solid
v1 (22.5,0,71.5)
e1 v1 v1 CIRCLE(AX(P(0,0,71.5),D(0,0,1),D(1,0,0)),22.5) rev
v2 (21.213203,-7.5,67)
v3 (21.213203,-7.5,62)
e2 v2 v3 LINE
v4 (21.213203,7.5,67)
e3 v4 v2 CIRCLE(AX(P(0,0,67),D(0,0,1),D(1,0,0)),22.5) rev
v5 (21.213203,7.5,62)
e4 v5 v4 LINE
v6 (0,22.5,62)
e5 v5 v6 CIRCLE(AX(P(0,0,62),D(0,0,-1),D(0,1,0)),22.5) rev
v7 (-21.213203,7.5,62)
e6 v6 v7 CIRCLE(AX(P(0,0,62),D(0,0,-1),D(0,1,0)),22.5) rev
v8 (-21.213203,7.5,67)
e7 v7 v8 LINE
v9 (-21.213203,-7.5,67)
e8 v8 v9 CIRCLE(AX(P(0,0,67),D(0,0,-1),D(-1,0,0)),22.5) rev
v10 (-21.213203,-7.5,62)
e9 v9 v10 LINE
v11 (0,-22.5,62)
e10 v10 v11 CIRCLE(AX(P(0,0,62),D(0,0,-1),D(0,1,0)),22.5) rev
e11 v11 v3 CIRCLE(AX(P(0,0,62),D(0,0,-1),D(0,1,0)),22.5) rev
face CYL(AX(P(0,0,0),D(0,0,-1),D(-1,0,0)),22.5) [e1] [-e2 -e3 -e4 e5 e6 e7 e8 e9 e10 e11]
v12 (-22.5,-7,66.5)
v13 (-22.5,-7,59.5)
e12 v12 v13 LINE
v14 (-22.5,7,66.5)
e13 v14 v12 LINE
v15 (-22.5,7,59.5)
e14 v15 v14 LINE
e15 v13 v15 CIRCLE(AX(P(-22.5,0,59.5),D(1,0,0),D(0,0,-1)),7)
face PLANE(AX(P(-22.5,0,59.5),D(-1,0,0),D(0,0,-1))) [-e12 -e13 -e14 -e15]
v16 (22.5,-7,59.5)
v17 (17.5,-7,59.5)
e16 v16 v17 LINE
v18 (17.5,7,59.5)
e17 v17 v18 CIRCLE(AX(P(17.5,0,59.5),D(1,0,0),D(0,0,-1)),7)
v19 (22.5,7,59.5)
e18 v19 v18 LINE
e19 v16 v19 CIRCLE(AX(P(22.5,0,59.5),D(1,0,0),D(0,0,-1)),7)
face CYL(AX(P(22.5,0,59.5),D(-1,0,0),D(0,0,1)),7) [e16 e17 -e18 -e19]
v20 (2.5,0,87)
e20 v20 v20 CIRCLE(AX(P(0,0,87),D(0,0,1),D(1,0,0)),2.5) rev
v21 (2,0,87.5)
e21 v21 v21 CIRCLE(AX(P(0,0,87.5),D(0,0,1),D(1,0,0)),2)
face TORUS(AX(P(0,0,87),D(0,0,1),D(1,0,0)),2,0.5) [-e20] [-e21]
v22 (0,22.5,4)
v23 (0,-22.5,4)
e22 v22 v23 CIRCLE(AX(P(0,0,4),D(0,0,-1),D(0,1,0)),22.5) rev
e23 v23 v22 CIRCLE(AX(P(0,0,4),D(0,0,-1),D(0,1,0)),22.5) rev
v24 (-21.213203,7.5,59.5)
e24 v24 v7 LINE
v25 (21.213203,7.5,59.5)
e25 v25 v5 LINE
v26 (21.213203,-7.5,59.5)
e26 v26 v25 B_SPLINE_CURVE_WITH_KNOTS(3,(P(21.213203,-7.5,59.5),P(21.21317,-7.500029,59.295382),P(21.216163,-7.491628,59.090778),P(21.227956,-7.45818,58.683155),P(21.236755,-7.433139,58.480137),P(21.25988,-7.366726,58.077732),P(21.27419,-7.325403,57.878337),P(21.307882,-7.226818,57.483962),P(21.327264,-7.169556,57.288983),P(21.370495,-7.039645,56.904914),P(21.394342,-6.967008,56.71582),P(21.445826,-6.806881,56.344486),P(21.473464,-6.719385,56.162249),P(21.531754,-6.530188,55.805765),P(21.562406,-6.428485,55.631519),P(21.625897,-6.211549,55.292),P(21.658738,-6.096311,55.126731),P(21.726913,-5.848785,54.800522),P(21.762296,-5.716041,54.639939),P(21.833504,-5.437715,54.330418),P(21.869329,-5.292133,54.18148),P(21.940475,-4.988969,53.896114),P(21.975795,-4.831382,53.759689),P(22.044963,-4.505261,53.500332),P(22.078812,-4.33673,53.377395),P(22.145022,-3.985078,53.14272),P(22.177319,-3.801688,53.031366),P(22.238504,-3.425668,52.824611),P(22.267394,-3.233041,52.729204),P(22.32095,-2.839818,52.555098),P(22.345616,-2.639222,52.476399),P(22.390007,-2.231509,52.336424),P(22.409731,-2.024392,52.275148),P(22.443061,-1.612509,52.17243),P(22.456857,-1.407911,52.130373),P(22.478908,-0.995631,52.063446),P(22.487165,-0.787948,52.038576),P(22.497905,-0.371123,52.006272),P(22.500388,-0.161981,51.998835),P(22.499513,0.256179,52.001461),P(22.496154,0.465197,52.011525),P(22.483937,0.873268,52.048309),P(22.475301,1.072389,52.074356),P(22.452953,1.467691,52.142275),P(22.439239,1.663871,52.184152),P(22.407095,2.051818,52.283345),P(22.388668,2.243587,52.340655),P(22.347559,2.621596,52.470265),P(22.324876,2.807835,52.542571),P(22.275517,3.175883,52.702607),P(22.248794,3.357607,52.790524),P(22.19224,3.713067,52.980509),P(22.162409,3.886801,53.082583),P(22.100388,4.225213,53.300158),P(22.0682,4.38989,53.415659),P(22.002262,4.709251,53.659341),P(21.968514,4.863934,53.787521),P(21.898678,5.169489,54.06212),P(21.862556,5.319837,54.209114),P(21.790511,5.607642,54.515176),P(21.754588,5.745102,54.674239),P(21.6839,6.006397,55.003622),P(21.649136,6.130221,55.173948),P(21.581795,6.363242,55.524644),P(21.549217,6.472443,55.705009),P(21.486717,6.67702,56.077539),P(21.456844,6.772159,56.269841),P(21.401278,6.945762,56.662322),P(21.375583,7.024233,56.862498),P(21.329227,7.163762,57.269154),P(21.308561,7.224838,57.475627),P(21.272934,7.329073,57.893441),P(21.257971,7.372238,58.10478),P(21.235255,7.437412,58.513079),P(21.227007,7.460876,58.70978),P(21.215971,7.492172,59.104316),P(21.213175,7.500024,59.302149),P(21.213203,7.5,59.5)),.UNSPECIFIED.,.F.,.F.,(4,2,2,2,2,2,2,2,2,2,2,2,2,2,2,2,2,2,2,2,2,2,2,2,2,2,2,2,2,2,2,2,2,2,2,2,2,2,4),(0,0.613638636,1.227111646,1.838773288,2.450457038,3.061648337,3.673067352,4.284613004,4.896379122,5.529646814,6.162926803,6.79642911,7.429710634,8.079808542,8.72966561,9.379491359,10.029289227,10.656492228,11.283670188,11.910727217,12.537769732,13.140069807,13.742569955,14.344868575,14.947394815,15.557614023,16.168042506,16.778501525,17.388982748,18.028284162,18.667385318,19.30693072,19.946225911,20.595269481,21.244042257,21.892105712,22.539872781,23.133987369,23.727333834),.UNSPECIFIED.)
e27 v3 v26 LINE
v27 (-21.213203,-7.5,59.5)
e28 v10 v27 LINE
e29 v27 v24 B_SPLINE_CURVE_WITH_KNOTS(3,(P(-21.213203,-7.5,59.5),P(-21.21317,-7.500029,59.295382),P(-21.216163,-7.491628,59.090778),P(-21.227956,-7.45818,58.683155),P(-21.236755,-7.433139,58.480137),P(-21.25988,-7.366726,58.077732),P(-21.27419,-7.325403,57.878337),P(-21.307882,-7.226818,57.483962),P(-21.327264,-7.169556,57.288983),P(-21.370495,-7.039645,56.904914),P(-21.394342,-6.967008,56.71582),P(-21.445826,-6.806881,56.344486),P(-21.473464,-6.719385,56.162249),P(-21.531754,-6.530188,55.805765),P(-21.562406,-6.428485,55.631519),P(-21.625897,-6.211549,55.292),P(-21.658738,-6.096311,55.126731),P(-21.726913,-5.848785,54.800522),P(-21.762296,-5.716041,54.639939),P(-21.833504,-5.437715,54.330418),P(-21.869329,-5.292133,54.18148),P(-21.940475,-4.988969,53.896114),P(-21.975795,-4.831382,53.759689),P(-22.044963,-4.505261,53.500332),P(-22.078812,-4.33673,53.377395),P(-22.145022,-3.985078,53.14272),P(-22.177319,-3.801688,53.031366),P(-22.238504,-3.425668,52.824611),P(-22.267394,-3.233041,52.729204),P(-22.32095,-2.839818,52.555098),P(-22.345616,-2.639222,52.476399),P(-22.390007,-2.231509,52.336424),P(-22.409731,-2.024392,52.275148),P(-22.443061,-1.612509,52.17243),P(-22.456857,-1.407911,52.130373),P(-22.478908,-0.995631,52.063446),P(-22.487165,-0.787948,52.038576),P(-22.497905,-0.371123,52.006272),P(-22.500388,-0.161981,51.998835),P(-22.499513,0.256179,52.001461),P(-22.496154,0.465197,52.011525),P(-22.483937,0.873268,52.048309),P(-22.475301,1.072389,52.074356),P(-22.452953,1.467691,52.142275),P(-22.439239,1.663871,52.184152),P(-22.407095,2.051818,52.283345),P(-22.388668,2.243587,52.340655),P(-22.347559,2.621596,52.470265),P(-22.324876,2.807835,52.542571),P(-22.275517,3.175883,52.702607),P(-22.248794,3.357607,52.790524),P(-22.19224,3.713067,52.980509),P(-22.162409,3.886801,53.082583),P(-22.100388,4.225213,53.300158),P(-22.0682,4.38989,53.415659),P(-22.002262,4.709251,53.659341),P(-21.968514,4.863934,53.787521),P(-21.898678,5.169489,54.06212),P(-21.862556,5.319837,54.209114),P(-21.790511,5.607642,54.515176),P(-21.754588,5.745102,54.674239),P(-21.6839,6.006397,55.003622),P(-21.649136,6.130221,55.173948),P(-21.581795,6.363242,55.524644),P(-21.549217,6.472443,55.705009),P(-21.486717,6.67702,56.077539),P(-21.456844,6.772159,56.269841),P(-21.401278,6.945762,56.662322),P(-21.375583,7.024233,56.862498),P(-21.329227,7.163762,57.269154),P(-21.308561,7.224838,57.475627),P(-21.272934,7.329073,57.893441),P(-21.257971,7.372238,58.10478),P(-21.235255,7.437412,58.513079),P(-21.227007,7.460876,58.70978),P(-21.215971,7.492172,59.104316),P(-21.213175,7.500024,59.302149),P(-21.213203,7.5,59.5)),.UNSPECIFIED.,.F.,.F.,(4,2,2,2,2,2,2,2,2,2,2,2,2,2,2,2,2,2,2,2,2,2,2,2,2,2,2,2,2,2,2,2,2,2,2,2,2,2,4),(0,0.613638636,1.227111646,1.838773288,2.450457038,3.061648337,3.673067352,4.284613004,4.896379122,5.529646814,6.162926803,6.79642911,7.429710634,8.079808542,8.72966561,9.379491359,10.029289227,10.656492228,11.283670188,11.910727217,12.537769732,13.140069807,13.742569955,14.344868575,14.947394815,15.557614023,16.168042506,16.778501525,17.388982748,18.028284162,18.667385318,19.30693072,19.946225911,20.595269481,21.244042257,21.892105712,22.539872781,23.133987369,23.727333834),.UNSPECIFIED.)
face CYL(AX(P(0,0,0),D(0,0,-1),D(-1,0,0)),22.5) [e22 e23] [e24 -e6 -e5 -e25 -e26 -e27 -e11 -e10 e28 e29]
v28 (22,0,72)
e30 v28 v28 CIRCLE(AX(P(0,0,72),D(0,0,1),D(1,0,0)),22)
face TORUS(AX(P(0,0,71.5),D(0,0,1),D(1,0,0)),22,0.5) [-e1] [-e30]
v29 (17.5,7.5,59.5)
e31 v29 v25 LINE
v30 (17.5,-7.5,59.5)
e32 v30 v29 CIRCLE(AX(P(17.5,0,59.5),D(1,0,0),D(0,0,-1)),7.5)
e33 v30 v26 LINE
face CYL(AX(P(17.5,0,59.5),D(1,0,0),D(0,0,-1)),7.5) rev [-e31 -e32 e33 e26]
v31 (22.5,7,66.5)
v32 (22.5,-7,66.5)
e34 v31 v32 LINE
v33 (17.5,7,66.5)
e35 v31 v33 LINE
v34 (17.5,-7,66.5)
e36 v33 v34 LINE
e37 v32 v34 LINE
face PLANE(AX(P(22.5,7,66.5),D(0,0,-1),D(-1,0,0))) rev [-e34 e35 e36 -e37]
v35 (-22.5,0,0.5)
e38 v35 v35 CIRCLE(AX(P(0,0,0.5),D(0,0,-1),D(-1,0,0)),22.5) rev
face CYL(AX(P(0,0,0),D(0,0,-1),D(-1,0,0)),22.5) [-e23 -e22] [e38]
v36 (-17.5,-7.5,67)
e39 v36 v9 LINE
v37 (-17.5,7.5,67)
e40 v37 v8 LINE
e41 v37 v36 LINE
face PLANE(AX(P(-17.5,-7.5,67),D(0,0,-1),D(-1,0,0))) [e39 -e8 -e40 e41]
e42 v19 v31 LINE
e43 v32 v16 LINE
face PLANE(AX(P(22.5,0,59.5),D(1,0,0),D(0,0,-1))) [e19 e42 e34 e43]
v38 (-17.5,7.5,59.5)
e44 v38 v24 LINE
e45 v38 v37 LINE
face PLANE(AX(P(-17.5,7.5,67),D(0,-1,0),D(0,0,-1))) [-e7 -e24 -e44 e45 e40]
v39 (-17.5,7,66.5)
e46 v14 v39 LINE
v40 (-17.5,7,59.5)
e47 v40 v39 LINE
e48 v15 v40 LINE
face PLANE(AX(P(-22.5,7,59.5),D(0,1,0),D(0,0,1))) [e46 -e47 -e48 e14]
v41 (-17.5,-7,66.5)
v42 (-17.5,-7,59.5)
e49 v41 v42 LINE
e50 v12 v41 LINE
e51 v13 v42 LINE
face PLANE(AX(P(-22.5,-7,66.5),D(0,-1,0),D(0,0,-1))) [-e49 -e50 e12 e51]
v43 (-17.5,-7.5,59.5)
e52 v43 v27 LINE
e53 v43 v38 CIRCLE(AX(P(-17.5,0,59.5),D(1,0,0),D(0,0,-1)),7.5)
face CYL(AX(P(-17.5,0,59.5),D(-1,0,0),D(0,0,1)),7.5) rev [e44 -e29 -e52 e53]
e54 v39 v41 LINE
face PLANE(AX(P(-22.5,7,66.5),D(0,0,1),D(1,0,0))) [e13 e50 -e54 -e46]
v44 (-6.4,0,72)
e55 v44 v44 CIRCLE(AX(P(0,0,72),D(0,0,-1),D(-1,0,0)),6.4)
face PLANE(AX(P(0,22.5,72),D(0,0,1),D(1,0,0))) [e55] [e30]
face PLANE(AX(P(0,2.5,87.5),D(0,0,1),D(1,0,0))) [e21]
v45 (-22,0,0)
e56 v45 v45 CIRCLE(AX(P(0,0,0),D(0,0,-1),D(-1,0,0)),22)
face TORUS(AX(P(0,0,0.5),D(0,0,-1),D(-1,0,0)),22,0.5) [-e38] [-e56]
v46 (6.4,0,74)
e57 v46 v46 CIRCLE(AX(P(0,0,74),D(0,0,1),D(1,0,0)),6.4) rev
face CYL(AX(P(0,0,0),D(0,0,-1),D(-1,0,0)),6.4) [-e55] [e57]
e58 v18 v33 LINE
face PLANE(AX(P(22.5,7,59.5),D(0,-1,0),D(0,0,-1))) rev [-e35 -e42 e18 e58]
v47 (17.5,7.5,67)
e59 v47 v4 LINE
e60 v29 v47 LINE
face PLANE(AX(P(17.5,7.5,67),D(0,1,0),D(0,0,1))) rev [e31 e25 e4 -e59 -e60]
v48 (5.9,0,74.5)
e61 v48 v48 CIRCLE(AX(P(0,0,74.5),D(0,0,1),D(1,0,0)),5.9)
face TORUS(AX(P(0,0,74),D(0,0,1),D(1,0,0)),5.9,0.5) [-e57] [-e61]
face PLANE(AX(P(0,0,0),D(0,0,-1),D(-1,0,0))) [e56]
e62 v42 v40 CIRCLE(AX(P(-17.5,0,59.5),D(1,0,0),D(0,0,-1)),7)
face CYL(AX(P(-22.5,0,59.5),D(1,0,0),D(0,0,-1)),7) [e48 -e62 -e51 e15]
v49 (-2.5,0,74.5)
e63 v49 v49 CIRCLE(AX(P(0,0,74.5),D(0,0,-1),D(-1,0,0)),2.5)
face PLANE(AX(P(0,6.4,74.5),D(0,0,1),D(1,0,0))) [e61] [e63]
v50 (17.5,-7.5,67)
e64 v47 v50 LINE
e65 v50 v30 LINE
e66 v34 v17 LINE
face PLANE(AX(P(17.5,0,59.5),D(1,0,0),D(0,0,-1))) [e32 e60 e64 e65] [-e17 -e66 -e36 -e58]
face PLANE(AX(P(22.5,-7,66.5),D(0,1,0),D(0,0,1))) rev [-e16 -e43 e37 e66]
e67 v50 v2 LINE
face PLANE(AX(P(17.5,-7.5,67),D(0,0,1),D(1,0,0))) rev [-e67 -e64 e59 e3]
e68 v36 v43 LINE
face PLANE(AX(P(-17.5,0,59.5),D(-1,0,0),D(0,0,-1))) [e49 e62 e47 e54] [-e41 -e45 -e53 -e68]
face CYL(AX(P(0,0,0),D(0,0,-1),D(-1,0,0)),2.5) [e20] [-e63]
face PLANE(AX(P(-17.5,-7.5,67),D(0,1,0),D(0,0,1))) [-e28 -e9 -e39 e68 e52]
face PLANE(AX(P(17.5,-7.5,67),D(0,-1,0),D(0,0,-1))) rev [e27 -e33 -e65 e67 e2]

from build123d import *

# Parameters (mm, degrees)
FILLET1_R           = 0.5
CUT_EXTRUDE1_DEPTH  = 5
BOSS_EXTRUDE1_DEPTH = 5


with BuildPart() as part:
    # Sketch1 → Revolve1 (revolve)
    with BuildSketch(Plane(origin=(0, 0, 0), x_dir=(0, 0, -1), z_dir=(1, 0, 0)), mode=Mode.PRIVATE) as revolve1_sk:
        Polygon((0, 0), (0, 22.5), (-72, 22.5), (-72, 6.4), (-74.5, 6.4), (-74.5, 2.5), (-87.5, 2.5), (-87.5, 0), align=None)
    revolve(revolve1_sk.sketch.rotate(Axis((0, 0, 0), (0, 0, 1)), 90), axis=Axis((0, 0, 0), (0, 0, 1)))

    # Fillet1
    fillet1_edges = [part.edges().sort_by_distance(p)[0] for p in [
        (2.5, 0, 87.5),
        (6.4, 0, 74.5),
        (22.5, 0, 72),
        (22.5, 0, 0),
    ]]
    fillet(fillet1_edges, radius=FILLET1_R)

    # Sketch3 → Cut-Extrude1 (cut)
    with BuildSketch(Plane(origin=(22.5, 0, 0), x_dir=(0, 0, -1), z_dir=(1, 0, 0))):
        with BuildLine():
            Line((-67, -7.5), (-67, 7.5))
            Line((-67, 7.5), (-59.5, 7.5))
            ThreePointArc((-59.5, 7.5), (-52, 0), (-59.5, -7.5))
            Line((-59.5, -7.5), (-67, -7.5))
        make_face()
    cut_extrude1 = extrude(amount=-CUT_EXTRUDE1_DEPTH, mode=Mode.SUBTRACT)

    # Sketch4 → Boss-Extrude1 (add)
    with BuildSketch(Plane(origin=(17.5, 0, 0), x_dir=(0, 0, -1), z_dir=(1, 0, 0))):
        with BuildLine():
            Line((-66.5, -7), (-59.5, -7))
            ThreePointArc((-59.5, -7), (-52.5, 0), (-59.5, 7))
            Line((-59.5, 7), (-66.5, 7))
            Line((-66.5, 7), (-66.5, -7))
        make_face()
    boss_extrude1 = extrude(amount=BOSS_EXTRUDE1_DEPTH)

    # Mirror1: Cut-Extrude1, Boss-Extrude1 across plane
    add(cut_extrude1.mirror(Plane(origin=(0, 0, 0), x_dir=(0, 0, 1), z_dir=(1, 0, 0))), mode=Mode.SUBTRACT)
    add(boss_extrude1.mirror(Plane(origin=(0, 0, 0), x_dir=(0, 0, 1), z_dir=(1, 0, 0))))


solid = part.part
